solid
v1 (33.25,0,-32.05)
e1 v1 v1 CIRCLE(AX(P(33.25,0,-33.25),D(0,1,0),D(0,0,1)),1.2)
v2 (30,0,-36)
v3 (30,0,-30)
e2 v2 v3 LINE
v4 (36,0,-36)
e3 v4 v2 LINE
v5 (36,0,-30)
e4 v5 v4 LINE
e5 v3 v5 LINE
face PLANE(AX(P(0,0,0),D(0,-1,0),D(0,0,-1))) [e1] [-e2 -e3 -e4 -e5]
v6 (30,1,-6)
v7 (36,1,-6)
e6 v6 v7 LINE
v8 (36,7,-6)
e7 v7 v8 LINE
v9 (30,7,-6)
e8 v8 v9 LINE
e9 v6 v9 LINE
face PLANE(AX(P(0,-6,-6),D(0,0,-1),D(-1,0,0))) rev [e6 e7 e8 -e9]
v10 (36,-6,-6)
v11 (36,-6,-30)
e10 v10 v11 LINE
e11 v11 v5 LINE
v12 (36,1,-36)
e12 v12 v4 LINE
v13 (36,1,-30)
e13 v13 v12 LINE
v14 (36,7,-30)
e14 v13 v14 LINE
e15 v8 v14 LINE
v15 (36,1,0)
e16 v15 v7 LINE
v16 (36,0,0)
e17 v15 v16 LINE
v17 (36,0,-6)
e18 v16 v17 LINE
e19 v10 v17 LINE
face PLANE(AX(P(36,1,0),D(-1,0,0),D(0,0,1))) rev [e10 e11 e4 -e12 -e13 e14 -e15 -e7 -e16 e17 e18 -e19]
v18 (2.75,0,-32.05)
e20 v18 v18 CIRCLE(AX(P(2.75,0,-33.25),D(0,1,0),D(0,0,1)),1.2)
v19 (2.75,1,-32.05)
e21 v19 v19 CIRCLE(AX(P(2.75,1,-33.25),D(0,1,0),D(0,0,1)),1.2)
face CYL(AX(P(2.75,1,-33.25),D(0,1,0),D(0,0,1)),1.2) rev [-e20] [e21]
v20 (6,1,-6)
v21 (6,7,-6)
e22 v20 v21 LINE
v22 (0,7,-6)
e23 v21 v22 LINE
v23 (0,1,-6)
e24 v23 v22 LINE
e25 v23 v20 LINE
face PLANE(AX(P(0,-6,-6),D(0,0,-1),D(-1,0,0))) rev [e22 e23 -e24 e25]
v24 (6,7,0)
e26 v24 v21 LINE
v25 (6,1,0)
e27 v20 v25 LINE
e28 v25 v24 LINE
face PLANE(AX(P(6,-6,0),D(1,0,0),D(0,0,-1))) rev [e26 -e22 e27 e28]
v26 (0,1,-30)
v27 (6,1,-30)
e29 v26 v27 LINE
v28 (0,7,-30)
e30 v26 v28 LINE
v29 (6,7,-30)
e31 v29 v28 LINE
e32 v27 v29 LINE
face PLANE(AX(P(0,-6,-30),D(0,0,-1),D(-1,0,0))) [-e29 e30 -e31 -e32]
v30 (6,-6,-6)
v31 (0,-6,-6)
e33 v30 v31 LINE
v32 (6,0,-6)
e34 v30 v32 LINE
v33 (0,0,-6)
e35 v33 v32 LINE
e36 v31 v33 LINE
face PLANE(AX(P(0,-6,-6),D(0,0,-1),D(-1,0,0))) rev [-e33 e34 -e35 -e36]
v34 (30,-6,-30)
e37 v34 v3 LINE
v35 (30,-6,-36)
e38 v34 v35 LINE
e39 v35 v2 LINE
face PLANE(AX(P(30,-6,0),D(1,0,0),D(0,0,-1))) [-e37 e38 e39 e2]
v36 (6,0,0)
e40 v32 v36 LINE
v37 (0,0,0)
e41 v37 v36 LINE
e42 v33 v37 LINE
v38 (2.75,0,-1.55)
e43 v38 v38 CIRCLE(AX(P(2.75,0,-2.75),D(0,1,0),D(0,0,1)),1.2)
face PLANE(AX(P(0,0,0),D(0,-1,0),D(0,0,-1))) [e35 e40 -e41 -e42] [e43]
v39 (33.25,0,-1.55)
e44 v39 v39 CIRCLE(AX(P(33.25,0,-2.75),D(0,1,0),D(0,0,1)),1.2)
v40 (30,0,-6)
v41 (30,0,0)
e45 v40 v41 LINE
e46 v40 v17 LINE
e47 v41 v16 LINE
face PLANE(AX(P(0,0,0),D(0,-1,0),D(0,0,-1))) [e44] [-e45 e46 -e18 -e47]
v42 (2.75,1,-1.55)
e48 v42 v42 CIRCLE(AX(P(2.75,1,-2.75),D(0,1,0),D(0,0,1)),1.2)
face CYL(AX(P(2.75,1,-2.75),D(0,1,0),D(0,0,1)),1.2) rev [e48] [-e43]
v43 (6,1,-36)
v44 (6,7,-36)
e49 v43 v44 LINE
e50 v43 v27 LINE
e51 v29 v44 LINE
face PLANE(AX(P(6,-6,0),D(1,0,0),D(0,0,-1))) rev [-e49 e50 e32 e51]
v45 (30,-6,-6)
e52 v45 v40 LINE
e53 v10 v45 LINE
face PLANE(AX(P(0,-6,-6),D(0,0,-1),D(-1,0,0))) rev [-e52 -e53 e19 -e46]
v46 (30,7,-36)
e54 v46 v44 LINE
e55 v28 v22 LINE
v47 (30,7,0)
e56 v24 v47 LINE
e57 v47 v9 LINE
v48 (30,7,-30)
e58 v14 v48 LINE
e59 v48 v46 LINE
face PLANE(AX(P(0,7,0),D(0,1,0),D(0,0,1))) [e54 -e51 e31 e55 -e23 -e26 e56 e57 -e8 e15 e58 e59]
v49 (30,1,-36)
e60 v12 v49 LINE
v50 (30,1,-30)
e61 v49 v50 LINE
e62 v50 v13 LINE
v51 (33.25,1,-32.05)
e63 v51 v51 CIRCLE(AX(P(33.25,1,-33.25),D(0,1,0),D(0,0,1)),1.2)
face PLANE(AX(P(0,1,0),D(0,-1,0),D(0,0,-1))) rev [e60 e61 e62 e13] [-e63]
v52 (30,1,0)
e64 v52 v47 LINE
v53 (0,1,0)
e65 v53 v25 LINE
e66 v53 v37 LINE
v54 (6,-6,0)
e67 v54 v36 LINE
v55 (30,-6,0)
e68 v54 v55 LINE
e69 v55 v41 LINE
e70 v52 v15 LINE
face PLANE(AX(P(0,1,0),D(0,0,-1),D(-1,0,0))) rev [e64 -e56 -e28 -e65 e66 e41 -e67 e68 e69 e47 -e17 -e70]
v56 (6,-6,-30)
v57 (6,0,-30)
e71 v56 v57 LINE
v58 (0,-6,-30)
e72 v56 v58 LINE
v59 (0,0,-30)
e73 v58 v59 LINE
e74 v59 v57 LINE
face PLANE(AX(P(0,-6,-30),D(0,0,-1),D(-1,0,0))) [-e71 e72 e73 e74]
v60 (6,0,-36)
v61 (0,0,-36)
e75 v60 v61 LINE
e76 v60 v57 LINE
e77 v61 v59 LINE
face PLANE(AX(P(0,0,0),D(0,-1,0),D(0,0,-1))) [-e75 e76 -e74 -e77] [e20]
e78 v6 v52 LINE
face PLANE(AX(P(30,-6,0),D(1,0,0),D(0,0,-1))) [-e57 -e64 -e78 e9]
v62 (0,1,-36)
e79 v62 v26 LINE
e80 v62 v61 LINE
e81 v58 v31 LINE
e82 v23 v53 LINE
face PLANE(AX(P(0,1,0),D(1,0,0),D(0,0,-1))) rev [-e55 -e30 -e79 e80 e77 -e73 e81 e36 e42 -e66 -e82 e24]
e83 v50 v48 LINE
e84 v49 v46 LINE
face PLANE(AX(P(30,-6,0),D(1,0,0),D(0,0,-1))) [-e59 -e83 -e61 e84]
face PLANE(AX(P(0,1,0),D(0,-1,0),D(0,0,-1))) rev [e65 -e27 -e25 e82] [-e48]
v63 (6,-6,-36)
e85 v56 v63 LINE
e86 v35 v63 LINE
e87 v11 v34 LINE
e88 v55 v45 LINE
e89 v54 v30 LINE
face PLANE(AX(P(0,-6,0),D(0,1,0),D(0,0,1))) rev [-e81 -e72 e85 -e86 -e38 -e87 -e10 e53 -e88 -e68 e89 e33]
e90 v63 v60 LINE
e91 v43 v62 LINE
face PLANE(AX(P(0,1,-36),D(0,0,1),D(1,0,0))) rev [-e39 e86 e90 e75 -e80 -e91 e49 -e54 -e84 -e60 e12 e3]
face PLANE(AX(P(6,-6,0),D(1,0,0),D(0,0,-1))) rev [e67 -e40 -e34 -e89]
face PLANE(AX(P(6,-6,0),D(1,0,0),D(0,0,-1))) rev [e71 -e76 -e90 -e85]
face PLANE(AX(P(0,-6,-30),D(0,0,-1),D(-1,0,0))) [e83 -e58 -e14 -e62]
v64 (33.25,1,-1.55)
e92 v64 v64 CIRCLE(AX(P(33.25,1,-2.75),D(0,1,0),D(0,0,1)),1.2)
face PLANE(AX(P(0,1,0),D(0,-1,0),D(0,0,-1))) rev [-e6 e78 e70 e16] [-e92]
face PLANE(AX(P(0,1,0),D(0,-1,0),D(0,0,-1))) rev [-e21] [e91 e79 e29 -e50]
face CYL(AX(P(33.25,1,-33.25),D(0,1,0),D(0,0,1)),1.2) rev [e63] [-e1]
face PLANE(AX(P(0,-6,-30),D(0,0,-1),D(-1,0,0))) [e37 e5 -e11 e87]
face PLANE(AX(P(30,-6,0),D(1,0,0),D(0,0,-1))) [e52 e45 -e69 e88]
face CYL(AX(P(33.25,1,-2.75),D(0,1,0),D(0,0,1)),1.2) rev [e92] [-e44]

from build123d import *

# Parameters (mm, degrees)
ESQUISSE1_W             = 36
ESQUISSE1_H             = 36
BOSS_EXTRU_1_DEPTH      = 1
D_GAGEMENT_M21_D        = 2.4
ESQUISSE5_W             = 6
ESQUISSE5_H             = 24
ESQUISSE5_W_2           = 24
ESQUISSE5_H_2           = 6
BOSS_EXTRU_2_DEPTH      = 6
BOSS_EXTRU_2_DEPTH_BACK = 7


with BuildPart() as part:
    # Esquisse1 → Boss.-Extru.1 (new body)
    with BuildSketch(Plane(origin=(0, 0, 0), x_dir=(1, 0, 0), z_dir=(0, 1, 0))):
        with Locations((18, 18)):
            Rectangle(ESQUISSE1_W, ESQUISSE1_H)
    extrude(amount=BOSS_EXTRU_1_DEPTH)

    # Dégagement M21 (through all)
    with Locations(Plane(origin=(0, 1, 0), x_dir=(1, 0, 0), z_dir=(0, 1, 0))):
        with Locations((2.75, 2.75), (2.75, 33.25), (33.25, 33.25), (33.25, 2.75)):
            Hole(D_GAGEMENT_M21_D / 2)

    # Esquisse5 → Boss.-Extru.2 (add, two sides)
    with BuildSketch(Plane(origin=(0, 1, 0), x_dir=(1, 0, 0), z_dir=(0, 1, 0))) as boss_extru_2_sk:
        with Locations((3, 18)):
            Rectangle(ESQUISSE5_W, ESQUISSE5_H)
        with Locations((18, 18)):
            Rectangle(ESQUISSE5_W_2, ESQUISSE5_H)
        with Locations((18, 33)):
            Rectangle(ESQUISSE5_W_2, ESQUISSE5_H_2)
        with Locations((33, 18)):
            Rectangle(ESQUISSE5_W, ESQUISSE5_H)
        with Locations((18, 3)):
            Rectangle(ESQUISSE5_W_2, ESQUISSE5_H_2)
    extrude(amount=BOSS_EXTRU_2_DEPTH)
    extrude(boss_extru_2_sk.sketch, amount=-BOSS_EXTRU_2_DEPTH_BACK)


solid = part.part
